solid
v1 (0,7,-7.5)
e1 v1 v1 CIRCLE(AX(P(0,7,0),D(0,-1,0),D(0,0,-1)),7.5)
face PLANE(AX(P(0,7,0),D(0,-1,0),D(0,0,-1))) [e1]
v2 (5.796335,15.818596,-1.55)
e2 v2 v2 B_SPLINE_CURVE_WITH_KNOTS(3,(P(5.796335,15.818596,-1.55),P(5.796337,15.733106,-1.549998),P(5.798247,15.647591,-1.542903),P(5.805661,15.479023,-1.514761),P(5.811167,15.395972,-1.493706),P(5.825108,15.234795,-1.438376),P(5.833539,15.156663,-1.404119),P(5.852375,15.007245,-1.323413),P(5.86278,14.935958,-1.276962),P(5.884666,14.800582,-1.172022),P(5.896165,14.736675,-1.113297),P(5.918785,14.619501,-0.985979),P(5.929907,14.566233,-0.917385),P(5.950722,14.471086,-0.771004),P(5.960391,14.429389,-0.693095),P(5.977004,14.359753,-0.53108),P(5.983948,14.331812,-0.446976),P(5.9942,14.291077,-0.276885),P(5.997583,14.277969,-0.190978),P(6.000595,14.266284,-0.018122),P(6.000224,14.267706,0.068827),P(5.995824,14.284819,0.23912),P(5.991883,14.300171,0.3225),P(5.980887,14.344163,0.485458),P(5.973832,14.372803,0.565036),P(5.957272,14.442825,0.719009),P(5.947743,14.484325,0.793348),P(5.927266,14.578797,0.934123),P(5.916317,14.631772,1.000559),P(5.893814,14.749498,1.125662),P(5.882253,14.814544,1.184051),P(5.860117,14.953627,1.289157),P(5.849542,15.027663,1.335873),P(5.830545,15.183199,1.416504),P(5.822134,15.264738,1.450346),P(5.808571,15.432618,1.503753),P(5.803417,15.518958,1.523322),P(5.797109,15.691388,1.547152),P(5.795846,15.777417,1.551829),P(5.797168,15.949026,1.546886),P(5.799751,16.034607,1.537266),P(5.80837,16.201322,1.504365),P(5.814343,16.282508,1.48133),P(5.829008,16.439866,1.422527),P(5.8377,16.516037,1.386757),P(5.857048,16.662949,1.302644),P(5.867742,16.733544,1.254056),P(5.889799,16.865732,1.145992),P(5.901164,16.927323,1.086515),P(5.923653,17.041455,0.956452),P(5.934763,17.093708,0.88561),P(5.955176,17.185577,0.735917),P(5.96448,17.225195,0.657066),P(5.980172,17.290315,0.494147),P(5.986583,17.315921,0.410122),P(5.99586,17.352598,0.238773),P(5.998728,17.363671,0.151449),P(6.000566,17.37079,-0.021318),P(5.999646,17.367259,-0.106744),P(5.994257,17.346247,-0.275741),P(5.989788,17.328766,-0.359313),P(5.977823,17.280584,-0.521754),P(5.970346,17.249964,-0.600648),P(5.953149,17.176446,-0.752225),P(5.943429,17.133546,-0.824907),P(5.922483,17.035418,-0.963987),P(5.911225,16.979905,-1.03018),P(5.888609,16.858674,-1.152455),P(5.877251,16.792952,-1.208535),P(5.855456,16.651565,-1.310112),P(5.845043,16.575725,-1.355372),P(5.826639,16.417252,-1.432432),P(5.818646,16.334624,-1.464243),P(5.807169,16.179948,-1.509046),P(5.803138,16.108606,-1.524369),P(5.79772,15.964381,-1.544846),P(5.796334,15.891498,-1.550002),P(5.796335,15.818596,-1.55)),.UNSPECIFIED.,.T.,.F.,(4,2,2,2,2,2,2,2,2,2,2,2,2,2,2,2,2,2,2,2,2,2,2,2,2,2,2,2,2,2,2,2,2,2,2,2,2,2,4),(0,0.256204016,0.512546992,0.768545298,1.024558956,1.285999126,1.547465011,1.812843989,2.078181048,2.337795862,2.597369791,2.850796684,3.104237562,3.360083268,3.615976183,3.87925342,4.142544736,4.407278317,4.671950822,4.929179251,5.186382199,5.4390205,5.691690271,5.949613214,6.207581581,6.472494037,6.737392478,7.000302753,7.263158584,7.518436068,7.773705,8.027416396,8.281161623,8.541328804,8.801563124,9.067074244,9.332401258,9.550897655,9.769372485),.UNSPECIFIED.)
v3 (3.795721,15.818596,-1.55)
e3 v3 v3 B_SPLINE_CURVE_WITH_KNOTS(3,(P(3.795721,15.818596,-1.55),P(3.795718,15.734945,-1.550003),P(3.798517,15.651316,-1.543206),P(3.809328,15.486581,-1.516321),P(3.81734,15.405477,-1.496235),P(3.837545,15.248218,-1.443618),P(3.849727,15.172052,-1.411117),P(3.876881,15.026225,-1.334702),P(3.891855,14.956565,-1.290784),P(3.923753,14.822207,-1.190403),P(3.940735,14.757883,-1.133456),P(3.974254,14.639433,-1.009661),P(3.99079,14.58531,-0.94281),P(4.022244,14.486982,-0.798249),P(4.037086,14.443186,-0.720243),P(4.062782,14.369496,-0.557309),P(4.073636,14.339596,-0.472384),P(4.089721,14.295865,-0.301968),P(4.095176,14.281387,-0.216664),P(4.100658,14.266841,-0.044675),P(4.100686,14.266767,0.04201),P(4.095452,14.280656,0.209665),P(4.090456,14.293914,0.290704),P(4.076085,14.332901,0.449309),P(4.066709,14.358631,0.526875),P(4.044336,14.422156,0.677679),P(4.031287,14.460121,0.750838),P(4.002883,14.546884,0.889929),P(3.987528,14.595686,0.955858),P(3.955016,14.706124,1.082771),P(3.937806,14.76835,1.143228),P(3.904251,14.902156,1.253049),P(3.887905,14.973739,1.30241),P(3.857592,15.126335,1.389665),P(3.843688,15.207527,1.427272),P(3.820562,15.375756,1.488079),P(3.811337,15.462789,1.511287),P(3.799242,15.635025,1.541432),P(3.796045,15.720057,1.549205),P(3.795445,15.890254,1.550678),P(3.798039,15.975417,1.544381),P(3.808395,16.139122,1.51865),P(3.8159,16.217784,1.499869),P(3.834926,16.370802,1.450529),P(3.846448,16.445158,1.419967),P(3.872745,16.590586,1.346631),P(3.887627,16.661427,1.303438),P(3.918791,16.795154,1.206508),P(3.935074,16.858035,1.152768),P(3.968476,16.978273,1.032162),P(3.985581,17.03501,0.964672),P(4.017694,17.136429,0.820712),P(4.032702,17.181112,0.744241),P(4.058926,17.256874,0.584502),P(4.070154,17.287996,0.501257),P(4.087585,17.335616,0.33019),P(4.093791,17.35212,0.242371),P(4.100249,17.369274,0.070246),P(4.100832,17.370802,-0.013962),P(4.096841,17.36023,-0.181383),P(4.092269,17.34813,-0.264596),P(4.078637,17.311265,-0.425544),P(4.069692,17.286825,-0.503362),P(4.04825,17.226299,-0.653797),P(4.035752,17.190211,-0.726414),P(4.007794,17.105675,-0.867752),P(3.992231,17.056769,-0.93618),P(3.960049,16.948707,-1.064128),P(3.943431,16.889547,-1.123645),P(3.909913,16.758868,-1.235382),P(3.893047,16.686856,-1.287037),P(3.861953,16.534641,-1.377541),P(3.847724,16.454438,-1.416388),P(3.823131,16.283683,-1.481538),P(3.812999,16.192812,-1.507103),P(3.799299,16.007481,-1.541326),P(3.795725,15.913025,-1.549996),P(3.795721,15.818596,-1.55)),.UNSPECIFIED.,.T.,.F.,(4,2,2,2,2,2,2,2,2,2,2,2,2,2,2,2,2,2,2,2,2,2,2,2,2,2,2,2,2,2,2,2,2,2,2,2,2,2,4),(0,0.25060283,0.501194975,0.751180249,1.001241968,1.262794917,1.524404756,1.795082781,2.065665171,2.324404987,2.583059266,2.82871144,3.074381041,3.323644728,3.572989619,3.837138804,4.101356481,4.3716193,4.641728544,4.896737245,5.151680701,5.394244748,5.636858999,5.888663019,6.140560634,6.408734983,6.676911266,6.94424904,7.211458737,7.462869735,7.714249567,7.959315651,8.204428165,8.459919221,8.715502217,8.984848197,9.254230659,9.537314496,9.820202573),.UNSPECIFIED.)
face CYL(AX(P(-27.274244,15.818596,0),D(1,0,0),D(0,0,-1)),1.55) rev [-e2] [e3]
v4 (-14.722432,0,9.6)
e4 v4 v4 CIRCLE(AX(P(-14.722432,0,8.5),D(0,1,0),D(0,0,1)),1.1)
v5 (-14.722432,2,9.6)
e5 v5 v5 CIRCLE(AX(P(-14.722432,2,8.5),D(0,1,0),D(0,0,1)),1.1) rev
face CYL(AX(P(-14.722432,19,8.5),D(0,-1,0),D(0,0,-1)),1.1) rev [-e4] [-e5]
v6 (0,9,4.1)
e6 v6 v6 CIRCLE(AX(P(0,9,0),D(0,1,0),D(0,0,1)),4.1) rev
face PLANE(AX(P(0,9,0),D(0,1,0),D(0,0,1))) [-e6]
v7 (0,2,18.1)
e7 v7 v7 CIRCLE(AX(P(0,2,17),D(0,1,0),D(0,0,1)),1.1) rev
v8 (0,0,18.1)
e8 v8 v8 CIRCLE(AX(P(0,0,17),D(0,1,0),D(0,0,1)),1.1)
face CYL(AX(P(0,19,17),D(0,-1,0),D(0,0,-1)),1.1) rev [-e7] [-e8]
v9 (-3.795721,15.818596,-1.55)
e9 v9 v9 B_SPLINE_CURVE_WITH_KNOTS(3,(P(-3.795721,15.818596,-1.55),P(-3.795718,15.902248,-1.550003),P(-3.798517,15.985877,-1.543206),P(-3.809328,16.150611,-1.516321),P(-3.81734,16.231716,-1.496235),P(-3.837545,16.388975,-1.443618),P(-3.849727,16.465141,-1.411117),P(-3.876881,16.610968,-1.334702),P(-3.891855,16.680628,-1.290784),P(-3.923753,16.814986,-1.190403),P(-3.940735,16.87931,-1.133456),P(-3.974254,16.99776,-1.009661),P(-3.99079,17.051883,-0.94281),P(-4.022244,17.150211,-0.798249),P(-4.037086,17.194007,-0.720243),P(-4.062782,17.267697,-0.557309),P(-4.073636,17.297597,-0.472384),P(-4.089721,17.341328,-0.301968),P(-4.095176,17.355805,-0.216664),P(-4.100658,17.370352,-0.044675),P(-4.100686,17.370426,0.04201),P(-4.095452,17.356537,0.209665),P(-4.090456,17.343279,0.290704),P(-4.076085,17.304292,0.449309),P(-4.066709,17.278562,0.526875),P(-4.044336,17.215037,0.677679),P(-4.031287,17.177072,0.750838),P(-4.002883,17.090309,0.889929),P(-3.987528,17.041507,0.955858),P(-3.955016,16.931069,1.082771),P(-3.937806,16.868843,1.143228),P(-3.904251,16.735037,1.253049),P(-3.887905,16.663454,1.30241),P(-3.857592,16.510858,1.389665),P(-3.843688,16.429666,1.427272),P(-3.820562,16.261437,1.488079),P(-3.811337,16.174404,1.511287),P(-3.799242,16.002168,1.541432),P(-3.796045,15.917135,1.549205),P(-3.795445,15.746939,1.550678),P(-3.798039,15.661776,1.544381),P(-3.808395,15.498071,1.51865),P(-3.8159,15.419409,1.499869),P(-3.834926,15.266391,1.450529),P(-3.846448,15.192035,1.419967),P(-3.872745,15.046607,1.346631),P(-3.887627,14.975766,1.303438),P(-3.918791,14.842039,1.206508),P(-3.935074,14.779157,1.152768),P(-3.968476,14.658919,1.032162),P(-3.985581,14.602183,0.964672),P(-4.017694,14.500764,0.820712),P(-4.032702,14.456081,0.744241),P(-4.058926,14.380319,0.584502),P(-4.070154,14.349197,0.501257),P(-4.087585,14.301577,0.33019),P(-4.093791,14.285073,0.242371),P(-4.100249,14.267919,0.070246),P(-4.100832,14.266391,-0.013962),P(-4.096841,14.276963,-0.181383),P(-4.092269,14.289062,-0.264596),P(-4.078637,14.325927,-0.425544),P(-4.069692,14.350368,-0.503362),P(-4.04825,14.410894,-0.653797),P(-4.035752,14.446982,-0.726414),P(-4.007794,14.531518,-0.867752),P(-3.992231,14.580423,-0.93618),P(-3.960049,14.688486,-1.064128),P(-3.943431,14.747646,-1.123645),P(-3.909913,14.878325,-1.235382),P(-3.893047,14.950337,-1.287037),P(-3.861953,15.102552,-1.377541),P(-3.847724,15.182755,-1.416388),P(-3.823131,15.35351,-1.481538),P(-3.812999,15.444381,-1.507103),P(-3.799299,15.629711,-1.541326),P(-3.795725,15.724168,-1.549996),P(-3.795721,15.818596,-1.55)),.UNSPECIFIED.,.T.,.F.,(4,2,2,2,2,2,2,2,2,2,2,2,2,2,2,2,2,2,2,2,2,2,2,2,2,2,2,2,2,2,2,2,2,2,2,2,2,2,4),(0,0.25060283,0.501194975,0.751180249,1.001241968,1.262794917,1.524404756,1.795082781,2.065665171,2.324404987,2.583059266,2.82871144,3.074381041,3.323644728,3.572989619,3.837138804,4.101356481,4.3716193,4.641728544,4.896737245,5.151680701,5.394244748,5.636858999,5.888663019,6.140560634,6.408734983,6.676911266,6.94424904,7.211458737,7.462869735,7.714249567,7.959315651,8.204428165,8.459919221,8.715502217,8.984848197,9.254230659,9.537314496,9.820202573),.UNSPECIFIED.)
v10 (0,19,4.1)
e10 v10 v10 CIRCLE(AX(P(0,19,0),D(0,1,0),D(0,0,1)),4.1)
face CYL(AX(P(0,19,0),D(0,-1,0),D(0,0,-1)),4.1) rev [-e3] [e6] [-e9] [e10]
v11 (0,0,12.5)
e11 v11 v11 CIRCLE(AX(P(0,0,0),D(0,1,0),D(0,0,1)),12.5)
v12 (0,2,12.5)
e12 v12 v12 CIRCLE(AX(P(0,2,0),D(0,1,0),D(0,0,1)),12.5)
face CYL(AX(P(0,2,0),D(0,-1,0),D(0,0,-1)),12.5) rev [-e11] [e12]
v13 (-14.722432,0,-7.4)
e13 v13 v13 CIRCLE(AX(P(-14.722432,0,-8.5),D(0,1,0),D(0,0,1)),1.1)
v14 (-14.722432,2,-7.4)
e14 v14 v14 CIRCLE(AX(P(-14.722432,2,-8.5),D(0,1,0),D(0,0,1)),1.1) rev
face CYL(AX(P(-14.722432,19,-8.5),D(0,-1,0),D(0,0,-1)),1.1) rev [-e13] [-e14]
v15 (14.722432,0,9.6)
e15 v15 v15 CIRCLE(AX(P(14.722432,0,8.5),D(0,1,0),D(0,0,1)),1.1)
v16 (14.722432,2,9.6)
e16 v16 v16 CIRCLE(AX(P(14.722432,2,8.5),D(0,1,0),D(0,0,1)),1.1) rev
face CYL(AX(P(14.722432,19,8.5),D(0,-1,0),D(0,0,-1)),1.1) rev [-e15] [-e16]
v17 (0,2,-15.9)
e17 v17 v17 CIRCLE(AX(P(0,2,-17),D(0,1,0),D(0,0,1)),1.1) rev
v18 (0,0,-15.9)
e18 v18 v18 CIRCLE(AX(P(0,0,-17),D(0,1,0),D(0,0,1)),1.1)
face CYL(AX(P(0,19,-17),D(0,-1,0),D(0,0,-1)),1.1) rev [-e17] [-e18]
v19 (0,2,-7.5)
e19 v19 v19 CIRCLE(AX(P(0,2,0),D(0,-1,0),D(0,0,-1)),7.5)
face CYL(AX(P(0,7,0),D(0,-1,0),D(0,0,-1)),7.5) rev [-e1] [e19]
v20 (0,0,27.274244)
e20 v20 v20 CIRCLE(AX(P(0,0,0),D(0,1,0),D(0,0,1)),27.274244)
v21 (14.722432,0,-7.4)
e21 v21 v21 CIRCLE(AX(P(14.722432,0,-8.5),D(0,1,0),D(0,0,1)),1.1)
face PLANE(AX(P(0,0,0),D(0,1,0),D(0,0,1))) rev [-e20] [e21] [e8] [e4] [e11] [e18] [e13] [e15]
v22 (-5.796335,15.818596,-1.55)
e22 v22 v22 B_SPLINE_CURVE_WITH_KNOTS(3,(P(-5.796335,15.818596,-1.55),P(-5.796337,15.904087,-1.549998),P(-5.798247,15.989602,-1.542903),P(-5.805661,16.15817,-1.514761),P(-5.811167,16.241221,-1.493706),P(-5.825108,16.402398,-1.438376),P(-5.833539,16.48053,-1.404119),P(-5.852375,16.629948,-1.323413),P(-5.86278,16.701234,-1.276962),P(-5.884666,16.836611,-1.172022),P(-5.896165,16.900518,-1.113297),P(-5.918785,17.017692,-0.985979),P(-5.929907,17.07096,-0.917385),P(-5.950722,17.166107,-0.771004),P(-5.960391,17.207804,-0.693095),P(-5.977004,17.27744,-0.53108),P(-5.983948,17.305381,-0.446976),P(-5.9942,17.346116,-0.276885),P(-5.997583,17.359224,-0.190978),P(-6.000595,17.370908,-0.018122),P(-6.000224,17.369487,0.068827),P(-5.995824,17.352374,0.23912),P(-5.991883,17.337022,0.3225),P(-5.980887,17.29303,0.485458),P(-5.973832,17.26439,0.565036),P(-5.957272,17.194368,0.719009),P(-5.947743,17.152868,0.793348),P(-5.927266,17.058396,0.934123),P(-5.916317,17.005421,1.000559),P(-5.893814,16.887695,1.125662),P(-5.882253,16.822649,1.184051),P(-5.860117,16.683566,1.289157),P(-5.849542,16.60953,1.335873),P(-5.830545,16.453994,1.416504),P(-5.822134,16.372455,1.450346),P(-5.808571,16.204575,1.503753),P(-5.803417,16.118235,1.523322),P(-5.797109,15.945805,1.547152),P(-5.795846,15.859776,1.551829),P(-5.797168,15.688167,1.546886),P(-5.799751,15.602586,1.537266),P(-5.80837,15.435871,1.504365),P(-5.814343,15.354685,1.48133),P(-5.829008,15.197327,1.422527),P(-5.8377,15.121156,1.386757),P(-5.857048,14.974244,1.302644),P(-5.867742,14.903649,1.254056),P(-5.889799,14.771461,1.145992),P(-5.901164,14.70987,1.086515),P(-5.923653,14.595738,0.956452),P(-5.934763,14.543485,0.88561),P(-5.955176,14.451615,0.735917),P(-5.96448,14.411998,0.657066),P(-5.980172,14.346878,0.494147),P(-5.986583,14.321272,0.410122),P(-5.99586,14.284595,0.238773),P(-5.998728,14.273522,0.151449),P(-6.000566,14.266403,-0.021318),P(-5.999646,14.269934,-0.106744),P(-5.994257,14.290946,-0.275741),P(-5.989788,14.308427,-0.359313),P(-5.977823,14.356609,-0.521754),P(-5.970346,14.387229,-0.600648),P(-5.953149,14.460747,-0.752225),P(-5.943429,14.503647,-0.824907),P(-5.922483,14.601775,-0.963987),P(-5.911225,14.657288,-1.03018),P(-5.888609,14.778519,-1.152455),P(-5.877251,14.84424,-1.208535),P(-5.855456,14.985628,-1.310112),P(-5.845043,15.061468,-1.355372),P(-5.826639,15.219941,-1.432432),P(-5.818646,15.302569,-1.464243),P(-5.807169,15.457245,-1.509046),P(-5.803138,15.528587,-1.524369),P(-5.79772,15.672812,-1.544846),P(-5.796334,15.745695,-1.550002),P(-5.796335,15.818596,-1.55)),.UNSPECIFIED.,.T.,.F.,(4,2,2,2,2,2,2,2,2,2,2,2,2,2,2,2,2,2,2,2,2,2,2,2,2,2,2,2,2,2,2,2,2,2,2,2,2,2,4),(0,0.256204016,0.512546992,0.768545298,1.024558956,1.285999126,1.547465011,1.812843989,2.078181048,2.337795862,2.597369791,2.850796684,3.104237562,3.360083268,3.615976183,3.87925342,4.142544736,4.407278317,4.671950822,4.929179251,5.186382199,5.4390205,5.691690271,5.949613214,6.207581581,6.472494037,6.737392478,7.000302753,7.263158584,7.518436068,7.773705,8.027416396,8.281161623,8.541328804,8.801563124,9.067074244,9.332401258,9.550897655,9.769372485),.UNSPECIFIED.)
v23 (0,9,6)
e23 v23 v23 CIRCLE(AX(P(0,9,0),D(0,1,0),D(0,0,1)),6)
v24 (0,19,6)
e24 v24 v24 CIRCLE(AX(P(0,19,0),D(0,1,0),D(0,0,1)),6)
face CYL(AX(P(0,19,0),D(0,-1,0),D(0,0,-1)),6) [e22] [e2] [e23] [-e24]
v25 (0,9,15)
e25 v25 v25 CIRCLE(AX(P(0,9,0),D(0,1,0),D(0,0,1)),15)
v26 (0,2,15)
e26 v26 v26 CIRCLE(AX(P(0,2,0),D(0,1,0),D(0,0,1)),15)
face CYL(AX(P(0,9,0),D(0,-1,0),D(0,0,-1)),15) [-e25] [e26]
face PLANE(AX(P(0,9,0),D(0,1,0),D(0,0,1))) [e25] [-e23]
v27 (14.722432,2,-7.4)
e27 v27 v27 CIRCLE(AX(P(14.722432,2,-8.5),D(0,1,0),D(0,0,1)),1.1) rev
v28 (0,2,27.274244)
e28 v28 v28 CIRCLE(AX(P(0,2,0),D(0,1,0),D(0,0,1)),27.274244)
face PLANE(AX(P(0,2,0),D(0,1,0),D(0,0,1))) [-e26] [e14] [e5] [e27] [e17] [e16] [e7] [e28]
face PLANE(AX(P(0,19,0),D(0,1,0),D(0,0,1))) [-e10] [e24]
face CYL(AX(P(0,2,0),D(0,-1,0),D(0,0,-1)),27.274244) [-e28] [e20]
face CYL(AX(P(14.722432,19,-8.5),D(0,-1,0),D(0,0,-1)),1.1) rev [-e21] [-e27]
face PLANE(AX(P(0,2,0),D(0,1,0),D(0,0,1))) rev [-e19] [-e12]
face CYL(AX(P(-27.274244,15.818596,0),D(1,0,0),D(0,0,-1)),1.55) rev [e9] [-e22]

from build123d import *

# Parameters (mm, degrees)
SKETCH1_R               = 27.274244274
SKETCH1_R_2             = 12.5
BOSS_EXTRUDE1_DEPTH     = 2
SKETCH4_R               = 15
BOSS_EXTRUDE3_DEPTH     = 7
SKETCH5_R               = 6
SKETCH5_R_2             = 4.1
BOSS_EXTRUDE4_DEPTH     = 10
CUT_EXTRUDE1_DEPTH      = 43.997311561
CUT_EXTRUDE1_DEPTH_BACK = 43.997311561
SKETCH6_R               = 1.55
SKETCH7_R               = 7.5
CUT_EXTRUDE2_DEPTH      = 5
CUT_EXTRUDE3_DEPTH      = 43.151735491
CUT_EXTRUDE3_DEPTH_BACK = 43.151735491
SKETCH9_R               = 1.1


with BuildPart() as part:
    # Sketch1 → Boss-Extrude1 (new body)
    with BuildSketch(Plane(origin=(0, 0, 0), x_dir=(1, 0, 0), z_dir=(0, 1, 0))):
        with Locations(Location((0, 0, 0), (0, 0, 270))):
            Circle(SKETCH1_R)
        with Locations(Location((0, 0, 0), (0, 0, 270))):
            Circle(SKETCH1_R_2, mode=Mode.SUBTRACT)
    extrude(amount=BOSS_EXTRUDE1_DEPTH)

    # Sketch4 → Boss-Extrude3 (add)
    with BuildSketch(Plane(origin=(0, 2, 0), x_dir=(1, 0, 0), z_dir=(0, 1, 0))):
        with Locations(Location((0, 0, 0), (0, 0, 270))):
            Circle(SKETCH4_R)
    extrude(amount=BOSS_EXTRUDE3_DEPTH)

    # Sketch5 → Boss-Extrude4 (add)
    with BuildSketch(Plane(origin=(0, 9, 0), x_dir=(1, 0, 0), z_dir=(0, 1, 0))):
        with Locations(Location((0, 0, 0), (0, 0, 270))):
            Circle(SKETCH5_R)
        with Locations(Location((0, 0, 0), (0, 0, 270))):
            Circle(SKETCH5_R_2, mode=Mode.SUBTRACT)
    extrude(amount=BOSS_EXTRUDE4_DEPTH)

    # Sketch6 → Cut-Extrude1 (cut, two sides: drawn at the far end of the back side and taken through both)
    with BuildSketch(Plane(origin=(0, 0, 0), x_dir=(0, 0, -1), z_dir=(1, 0, 0)).offset(-CUT_EXTRUDE1_DEPTH_BACK)):
        with Locations((0, 15.818596456)):
            Circle(SKETCH6_R)
    extrude(amount=CUT_EXTRUDE1_DEPTH + CUT_EXTRUDE1_DEPTH_BACK, mode=Mode.SUBTRACT)

    # Sketch7 → Cut-Extrude2 (cut)
    with BuildSketch(Plane.XZ.offset(-2)):
        with Locations(Location((0, 0, 0), (0, 0, 270))):
            Circle(SKETCH7_R)
    extrude(amount=-CUT_EXTRUDE2_DEPTH, mode=Mode.SUBTRACT)

    # Sketch9 → Cut-Extrude3 (cut, two sides: drawn at the far end of the back side and taken through both)
    with BuildSketch(Plane(origin=(0, 2, 0), x_dir=(1, 0, 0), z_dir=(0, 1, 0)).offset(-CUT_EXTRUDE3_DEPTH_BACK)):
        with Locations(Location((0, 17, 0), (0, 0, 270))):
            Circle(SKETCH9_R)
        with Locations(Location((14.722431864, 8.5, 0), (0, 0, 270))):
            Circle(SKETCH9_R)
        with Locations(Location((14.722431864, -8.5, 0), (0, 0, 270))):
            Circle(SKETCH9_R)
        with Locations(Location((0, -17, 0), (0, 0, 270))):
            Circle(SKETCH9_R)
        with Locations(Location((-14.722431864, -8.5, 0), (0, 0, 270))):
            Circle(SKETCH9_R)
        with Locations(Location((-14.722431864, 8.5, 0), (0, 0, 270))):
            Circle(SKETCH9_R)
    extrude(amount=CUT_EXTRUDE3_DEPTH + CUT_EXTRUDE3_DEPTH_BACK, mode=Mode.SUBTRACT)


solid = part.part
